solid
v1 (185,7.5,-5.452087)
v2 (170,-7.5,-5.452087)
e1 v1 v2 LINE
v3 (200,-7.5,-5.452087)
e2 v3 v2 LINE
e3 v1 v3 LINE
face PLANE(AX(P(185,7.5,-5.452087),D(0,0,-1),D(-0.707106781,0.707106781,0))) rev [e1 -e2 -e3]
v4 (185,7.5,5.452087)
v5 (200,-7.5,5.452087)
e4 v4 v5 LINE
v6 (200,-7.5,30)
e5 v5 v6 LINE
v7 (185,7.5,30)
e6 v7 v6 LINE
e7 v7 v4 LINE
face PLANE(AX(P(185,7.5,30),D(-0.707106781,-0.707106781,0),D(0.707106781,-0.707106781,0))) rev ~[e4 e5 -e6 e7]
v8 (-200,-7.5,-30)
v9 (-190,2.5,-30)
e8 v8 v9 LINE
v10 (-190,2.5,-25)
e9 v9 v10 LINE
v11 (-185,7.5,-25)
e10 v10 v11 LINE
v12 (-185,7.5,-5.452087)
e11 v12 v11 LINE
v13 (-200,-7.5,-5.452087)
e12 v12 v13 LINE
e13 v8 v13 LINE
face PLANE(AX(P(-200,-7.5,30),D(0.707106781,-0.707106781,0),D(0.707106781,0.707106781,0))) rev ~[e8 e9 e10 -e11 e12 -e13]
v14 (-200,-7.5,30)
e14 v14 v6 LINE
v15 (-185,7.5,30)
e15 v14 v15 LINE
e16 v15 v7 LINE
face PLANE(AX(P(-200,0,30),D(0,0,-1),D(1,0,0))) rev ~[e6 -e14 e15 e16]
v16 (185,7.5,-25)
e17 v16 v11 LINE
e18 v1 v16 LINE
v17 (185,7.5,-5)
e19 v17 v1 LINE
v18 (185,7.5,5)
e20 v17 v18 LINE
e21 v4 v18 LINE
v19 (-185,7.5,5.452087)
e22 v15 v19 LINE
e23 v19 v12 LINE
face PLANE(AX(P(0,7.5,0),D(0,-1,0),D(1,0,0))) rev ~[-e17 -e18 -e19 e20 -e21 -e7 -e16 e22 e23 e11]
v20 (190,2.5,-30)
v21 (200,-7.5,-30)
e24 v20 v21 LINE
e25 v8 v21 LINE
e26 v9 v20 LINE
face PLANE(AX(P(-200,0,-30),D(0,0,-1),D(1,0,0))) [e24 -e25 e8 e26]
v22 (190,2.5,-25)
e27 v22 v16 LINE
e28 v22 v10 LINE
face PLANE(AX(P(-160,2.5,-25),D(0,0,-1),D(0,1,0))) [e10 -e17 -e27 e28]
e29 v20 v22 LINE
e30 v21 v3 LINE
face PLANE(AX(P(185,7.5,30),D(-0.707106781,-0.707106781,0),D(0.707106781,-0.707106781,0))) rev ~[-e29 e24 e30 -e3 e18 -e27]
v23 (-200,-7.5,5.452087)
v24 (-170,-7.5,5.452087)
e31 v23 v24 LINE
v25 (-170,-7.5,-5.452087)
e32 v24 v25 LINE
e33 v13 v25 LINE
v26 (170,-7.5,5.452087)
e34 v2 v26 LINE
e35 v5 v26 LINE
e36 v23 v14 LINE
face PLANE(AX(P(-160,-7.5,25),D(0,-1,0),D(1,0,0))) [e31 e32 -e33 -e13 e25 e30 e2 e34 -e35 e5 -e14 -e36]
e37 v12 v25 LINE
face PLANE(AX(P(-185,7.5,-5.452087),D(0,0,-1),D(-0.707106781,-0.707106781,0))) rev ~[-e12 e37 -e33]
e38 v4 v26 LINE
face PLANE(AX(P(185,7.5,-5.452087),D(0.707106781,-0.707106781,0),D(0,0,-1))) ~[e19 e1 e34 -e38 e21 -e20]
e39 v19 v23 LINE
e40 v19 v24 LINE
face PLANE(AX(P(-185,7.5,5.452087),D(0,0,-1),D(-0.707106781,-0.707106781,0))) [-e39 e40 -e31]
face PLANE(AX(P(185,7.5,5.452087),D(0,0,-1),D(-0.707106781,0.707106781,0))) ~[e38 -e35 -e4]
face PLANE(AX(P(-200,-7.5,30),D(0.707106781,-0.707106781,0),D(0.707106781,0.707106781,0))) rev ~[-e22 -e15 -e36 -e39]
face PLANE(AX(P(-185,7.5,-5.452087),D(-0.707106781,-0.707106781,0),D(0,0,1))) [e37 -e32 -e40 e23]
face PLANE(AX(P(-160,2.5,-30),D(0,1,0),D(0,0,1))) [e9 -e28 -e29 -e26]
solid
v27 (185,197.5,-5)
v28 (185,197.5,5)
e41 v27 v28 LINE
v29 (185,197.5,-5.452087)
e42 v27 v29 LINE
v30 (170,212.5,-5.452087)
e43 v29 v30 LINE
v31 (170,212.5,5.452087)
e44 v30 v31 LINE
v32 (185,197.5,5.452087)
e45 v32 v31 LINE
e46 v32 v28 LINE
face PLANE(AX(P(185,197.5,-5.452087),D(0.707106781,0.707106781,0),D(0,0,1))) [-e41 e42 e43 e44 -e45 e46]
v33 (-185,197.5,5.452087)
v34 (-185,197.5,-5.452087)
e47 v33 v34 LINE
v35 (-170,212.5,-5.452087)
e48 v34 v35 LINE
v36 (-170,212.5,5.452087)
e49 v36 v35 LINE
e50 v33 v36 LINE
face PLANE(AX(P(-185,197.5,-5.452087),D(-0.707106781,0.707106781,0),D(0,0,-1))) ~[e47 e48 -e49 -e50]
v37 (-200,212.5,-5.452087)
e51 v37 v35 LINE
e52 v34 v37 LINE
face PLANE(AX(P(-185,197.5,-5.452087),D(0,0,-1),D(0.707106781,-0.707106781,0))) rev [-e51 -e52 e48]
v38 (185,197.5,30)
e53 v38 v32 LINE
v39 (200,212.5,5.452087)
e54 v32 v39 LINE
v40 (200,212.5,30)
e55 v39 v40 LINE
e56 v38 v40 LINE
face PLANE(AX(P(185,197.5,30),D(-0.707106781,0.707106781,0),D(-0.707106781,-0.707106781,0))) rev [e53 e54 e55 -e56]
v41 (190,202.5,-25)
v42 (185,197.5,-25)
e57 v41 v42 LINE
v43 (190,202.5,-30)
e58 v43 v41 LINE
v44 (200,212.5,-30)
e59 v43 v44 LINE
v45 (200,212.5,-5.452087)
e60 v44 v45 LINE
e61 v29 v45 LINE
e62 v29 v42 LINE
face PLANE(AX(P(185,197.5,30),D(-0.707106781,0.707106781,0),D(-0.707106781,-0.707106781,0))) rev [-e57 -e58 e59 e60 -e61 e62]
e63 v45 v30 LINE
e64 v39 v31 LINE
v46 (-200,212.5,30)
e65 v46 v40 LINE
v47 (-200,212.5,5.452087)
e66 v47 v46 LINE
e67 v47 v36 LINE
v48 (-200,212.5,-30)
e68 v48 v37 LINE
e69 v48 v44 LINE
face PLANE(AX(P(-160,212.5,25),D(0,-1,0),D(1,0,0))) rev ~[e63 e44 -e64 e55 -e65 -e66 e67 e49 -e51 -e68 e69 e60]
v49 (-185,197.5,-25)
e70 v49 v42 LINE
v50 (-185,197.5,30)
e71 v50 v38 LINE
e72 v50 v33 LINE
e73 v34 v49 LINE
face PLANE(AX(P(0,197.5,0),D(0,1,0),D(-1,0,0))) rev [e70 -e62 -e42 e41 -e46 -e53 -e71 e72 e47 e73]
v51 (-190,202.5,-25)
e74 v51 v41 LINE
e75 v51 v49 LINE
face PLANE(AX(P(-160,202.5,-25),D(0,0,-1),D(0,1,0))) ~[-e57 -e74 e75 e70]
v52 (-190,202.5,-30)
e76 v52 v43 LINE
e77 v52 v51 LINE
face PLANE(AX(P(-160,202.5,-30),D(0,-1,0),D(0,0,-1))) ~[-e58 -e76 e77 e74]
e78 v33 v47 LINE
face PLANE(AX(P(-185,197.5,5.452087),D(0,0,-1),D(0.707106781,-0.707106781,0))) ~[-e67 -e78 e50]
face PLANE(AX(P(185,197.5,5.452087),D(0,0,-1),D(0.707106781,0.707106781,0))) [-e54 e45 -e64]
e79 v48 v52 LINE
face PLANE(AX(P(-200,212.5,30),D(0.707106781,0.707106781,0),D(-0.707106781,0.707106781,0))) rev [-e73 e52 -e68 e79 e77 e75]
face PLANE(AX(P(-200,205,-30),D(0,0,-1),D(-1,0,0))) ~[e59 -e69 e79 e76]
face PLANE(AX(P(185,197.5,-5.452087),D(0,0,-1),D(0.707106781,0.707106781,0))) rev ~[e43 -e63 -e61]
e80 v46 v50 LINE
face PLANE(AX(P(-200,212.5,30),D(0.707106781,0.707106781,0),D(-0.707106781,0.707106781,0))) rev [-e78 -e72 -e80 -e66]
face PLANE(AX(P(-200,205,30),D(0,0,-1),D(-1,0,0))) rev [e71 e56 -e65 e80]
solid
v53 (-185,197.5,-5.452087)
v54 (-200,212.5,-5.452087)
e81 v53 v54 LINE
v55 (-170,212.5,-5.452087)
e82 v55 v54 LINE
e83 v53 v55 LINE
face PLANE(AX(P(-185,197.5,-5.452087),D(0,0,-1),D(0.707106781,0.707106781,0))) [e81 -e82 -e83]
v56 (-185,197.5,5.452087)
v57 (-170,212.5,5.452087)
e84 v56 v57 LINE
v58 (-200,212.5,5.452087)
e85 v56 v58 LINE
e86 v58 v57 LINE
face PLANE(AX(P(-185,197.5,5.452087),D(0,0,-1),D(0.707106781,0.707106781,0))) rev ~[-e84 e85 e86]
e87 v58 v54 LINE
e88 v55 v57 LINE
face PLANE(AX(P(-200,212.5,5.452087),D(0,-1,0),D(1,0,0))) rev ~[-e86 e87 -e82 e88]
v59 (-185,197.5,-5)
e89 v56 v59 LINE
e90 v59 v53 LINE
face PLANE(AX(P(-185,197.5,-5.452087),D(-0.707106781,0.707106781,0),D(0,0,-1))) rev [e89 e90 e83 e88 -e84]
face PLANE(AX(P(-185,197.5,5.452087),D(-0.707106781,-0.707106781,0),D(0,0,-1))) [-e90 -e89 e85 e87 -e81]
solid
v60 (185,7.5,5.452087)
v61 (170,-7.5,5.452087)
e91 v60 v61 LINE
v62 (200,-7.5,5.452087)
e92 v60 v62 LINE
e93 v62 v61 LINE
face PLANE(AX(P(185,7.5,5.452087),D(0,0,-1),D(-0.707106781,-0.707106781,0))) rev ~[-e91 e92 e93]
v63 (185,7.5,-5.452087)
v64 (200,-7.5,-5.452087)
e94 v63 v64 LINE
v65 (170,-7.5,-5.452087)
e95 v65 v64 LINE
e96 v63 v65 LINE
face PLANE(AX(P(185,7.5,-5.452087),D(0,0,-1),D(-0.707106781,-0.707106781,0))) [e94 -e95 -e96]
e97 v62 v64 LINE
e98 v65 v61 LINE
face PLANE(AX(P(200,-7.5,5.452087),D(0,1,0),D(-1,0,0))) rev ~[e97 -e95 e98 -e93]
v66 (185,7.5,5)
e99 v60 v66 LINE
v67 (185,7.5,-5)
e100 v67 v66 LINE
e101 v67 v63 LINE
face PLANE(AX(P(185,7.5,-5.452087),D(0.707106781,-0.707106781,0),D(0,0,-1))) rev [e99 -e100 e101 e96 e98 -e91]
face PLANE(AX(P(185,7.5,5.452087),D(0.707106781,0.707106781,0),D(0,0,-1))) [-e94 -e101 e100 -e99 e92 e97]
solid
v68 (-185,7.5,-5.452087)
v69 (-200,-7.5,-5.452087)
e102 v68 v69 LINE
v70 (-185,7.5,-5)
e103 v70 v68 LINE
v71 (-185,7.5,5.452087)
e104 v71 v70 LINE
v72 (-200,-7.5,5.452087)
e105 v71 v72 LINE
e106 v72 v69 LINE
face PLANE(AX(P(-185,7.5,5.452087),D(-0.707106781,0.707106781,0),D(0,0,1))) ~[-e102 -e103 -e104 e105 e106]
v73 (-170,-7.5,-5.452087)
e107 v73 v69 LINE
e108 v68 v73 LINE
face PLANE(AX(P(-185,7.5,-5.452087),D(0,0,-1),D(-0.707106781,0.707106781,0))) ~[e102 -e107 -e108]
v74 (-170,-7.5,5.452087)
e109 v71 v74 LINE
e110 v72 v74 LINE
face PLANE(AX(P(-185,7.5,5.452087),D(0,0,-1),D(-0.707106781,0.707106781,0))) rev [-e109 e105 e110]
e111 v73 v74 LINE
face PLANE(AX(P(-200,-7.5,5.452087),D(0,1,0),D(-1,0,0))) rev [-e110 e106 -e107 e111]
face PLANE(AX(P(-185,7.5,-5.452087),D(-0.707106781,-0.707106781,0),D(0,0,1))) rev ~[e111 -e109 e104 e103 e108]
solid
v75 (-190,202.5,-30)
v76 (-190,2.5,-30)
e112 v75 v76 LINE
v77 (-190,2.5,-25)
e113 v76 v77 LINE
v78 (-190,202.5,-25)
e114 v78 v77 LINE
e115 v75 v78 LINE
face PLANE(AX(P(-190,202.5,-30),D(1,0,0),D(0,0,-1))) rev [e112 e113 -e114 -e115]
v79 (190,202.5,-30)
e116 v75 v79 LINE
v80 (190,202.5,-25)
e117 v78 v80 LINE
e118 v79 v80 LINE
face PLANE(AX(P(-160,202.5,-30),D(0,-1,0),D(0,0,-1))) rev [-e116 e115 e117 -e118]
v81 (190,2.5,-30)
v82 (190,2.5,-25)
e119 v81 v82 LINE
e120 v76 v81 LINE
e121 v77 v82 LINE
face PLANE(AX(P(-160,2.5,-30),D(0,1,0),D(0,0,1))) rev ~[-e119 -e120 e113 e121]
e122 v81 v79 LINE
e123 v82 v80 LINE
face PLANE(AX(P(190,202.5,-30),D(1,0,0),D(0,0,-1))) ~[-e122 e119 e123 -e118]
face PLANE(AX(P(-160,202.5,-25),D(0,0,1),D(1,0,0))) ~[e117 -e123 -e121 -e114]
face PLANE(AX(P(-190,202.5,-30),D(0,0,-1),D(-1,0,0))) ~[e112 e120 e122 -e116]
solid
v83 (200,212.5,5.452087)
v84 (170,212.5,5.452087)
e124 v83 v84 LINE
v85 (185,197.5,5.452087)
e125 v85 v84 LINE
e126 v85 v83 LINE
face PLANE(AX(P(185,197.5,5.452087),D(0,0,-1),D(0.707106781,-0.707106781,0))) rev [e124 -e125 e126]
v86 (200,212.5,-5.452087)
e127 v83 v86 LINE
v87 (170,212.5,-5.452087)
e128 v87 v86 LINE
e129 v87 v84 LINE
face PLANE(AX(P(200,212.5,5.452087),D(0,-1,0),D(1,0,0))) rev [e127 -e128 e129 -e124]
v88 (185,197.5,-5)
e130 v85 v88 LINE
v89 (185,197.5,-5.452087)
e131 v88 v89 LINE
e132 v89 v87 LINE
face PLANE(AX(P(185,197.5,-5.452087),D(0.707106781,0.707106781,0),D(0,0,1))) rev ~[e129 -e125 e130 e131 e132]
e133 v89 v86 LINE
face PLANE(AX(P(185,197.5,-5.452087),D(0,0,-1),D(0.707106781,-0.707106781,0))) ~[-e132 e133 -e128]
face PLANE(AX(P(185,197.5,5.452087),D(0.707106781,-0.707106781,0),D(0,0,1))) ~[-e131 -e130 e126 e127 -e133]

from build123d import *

# Parameters (mm, degrees)
F0_W      = 400
F0_H      = 60
F1_DEPTH  = 7.5
F3_DEPTH  = 60
F4_W      = 21.2132034356
F4_H      = 10
F5_DEPTH  = 25
F6_W      = 21.2132034356
F6_H      = 10.9041733667
F7_DEPTH  = 25
F8_W      = 320
F8_H      = 50
F9_DEPTH  = 25
F10_W     = 320
F10_H     = 5
F11_DEPTH = 5
F12_W     = 5
F12_H     = 5
F13_DEPTH = 50
F15_DEPTH = 100
F17_DEPTH = 25
F19_DEPTH = 25
F23_DEPTH = 50
F24_DEPTH = 50


with BuildPart() as f1:
    # F0 (on Front) → F1 (new body, symmetric)
    with BuildSketch(Plane.XZ):
        Rectangle(F0_W, F0_H)
    extrude(amount=F1_DEPTH, both=True)

    # F2 (on face) → F3 (cut)
    with BuildSketch(Plane.XY.offset(30)):
        Polygon((-200, 7.5), (-200, -7.5), (-185, 7.5), align=None)
        Polygon((185, 7.5), (200, -7.5), (200, 7.5), align=None)
    extrude(amount=-F3_DEPTH, mode=Mode.SUBTRACT)

    # F4 (on face) → F5 (cut)
    with BuildSketch(Plane(origin=(96.25, 96.25, 0), x_dir=(-0.7071067812, 0.7071067812, 0), z_dir=(0.7071067812, 0.7071067812, 0))):
        with Locations((-136.1180553784, 0)):
            Rectangle(F4_W, F4_H)
    extrude(amount=-F5_DEPTH, mode=Mode.SUBTRACT)

    # F6 (on face) → F7 (cut)
    with BuildSketch(Plane(origin=(-96.25, 96.25, 0), x_dir=(-0.7071067812, -0.7071067812, 0), z_dir=(-0.7071067812, 0.7071067812, 0))):
        with Locations((136.1180553784, 0)):
            Rectangle(F6_W, F6_H)
    extrude(amount=-F7_DEPTH, mode=Mode.SUBTRACT)

    # F8 (on face) → F9 (cut)
    with BuildSketch(Plane.XZ.offset(7.5)):
        Rectangle(F8_W, F8_H)
    extrude(amount=-F9_DEPTH, mode=Mode.SUBTRACT)

    # F10 (on face) → F11 (cut)
    with BuildSketch(Plane(origin=(0, 7.5, 0), x_dir=(-1, 0, 0), z_dir=(0, 1, 0))):
        with Locations((0, -27.5)):
            Rectangle(F10_W, F10_H)
    extrude(amount=-F11_DEPTH, mode=Mode.SUBTRACT)

    # F12 (on face) → F13 (cut)
    with BuildSketch(Plane.YZ.offset(-160)):
        with Locations((5, -27.5)):
            Rectangle(F12_W, F12_H)
    extrude(amount=-F13_DEPTH, mode=Mode.SUBTRACT)

    # F14: F1 across plane


with BuildPart() as f1_1:
    add(f1.part)
    add(f1.part.mirror(Plane.YZ), mode=Mode.INTERSECT)


with BuildPart() as f15:
    # F15 (new): a face of the model
    f15_faces = [f1_1.part.faces().sort_by_distance(p)[0] for p in [
        (0, 2.5, -27.5),
    ]]
    extrude(f15_faces, amount=F15_DEPTH)

    # F20: F15 across plane


with BuildPart() as f17:
    # F17 (new): a face of the model
    f17_faces = [f1_1.part.faces().sort_by_distance(p)[0] for p in [
        (177.5, 0, 0),
    ]]
    extrude(f17_faces, amount=F17_DEPTH)

    # F18 (on face) → F19 (cut)
    with BuildSketch(Plane.XY.offset(5.4520866834)):
        Polygon((200, -7.5), (170, -7.5), (187.6776695297, -25.1776695297), (202.6776695297, -10.1776695297), align=None)
    extrude(amount=-F19_DEPTH, mode=Mode.SUBTRACT)


with BuildPart() as f15_1:
    add(f15.part)
    add(f15.part.mirror(Plane(origin=(0, 102.5, -27.5), x_dir=(-1, 0, 0), z_dir=(0, 1, 0))))


with BuildPart() as f21_1:
    # F21: instance of F17
    add(f17.part.mirror(Plane.YZ))


with BuildPart() as f22_1:
    # F22: instance of F1
    add(f1_1.part.mirror(Plane(origin=(0, 102.5, -27.5), x_dir=(-1, 0, 0), z_dir=(0, 1, 0))))

    # F23 (add): a face of the model
    f23_faces = [f22_1.faces().sort_by_distance(p)[0] for p in [
        (0, 205, 25),
    ]]
    extrude(f23_faces, amount=F23_DEPTH)


with BuildPart() as f22_2:
    # F22: instance of F21_1
    add(f21_1.part.mirror(Plane(origin=(0, 102.5, -27.5), x_dir=(-1, 0, 0), z_dir=(0, 1, 0))))


with BuildPart() as f22_3:
    # F22: instance of F17
    add(f17.part.mirror(Plane(origin=(0, 102.5, -27.5), x_dir=(-1, 0, 0), z_dir=(0, 1, 0))))


with BuildPart() as f1_2:
    add(f1_1.part)

    # F24 (add): a face of the model
    f24_faces = [f1_2.faces().sort_by_distance(p)[0] for p in [
        (0, 0, 25),
    ]]
    extrude(f24_faces, amount=F24_DEPTH)


solid = Compound([f17.part, f15_1.part, f21_1.part, f22_1.part, f22_2.part, f22_3.part, f1_2.part])
